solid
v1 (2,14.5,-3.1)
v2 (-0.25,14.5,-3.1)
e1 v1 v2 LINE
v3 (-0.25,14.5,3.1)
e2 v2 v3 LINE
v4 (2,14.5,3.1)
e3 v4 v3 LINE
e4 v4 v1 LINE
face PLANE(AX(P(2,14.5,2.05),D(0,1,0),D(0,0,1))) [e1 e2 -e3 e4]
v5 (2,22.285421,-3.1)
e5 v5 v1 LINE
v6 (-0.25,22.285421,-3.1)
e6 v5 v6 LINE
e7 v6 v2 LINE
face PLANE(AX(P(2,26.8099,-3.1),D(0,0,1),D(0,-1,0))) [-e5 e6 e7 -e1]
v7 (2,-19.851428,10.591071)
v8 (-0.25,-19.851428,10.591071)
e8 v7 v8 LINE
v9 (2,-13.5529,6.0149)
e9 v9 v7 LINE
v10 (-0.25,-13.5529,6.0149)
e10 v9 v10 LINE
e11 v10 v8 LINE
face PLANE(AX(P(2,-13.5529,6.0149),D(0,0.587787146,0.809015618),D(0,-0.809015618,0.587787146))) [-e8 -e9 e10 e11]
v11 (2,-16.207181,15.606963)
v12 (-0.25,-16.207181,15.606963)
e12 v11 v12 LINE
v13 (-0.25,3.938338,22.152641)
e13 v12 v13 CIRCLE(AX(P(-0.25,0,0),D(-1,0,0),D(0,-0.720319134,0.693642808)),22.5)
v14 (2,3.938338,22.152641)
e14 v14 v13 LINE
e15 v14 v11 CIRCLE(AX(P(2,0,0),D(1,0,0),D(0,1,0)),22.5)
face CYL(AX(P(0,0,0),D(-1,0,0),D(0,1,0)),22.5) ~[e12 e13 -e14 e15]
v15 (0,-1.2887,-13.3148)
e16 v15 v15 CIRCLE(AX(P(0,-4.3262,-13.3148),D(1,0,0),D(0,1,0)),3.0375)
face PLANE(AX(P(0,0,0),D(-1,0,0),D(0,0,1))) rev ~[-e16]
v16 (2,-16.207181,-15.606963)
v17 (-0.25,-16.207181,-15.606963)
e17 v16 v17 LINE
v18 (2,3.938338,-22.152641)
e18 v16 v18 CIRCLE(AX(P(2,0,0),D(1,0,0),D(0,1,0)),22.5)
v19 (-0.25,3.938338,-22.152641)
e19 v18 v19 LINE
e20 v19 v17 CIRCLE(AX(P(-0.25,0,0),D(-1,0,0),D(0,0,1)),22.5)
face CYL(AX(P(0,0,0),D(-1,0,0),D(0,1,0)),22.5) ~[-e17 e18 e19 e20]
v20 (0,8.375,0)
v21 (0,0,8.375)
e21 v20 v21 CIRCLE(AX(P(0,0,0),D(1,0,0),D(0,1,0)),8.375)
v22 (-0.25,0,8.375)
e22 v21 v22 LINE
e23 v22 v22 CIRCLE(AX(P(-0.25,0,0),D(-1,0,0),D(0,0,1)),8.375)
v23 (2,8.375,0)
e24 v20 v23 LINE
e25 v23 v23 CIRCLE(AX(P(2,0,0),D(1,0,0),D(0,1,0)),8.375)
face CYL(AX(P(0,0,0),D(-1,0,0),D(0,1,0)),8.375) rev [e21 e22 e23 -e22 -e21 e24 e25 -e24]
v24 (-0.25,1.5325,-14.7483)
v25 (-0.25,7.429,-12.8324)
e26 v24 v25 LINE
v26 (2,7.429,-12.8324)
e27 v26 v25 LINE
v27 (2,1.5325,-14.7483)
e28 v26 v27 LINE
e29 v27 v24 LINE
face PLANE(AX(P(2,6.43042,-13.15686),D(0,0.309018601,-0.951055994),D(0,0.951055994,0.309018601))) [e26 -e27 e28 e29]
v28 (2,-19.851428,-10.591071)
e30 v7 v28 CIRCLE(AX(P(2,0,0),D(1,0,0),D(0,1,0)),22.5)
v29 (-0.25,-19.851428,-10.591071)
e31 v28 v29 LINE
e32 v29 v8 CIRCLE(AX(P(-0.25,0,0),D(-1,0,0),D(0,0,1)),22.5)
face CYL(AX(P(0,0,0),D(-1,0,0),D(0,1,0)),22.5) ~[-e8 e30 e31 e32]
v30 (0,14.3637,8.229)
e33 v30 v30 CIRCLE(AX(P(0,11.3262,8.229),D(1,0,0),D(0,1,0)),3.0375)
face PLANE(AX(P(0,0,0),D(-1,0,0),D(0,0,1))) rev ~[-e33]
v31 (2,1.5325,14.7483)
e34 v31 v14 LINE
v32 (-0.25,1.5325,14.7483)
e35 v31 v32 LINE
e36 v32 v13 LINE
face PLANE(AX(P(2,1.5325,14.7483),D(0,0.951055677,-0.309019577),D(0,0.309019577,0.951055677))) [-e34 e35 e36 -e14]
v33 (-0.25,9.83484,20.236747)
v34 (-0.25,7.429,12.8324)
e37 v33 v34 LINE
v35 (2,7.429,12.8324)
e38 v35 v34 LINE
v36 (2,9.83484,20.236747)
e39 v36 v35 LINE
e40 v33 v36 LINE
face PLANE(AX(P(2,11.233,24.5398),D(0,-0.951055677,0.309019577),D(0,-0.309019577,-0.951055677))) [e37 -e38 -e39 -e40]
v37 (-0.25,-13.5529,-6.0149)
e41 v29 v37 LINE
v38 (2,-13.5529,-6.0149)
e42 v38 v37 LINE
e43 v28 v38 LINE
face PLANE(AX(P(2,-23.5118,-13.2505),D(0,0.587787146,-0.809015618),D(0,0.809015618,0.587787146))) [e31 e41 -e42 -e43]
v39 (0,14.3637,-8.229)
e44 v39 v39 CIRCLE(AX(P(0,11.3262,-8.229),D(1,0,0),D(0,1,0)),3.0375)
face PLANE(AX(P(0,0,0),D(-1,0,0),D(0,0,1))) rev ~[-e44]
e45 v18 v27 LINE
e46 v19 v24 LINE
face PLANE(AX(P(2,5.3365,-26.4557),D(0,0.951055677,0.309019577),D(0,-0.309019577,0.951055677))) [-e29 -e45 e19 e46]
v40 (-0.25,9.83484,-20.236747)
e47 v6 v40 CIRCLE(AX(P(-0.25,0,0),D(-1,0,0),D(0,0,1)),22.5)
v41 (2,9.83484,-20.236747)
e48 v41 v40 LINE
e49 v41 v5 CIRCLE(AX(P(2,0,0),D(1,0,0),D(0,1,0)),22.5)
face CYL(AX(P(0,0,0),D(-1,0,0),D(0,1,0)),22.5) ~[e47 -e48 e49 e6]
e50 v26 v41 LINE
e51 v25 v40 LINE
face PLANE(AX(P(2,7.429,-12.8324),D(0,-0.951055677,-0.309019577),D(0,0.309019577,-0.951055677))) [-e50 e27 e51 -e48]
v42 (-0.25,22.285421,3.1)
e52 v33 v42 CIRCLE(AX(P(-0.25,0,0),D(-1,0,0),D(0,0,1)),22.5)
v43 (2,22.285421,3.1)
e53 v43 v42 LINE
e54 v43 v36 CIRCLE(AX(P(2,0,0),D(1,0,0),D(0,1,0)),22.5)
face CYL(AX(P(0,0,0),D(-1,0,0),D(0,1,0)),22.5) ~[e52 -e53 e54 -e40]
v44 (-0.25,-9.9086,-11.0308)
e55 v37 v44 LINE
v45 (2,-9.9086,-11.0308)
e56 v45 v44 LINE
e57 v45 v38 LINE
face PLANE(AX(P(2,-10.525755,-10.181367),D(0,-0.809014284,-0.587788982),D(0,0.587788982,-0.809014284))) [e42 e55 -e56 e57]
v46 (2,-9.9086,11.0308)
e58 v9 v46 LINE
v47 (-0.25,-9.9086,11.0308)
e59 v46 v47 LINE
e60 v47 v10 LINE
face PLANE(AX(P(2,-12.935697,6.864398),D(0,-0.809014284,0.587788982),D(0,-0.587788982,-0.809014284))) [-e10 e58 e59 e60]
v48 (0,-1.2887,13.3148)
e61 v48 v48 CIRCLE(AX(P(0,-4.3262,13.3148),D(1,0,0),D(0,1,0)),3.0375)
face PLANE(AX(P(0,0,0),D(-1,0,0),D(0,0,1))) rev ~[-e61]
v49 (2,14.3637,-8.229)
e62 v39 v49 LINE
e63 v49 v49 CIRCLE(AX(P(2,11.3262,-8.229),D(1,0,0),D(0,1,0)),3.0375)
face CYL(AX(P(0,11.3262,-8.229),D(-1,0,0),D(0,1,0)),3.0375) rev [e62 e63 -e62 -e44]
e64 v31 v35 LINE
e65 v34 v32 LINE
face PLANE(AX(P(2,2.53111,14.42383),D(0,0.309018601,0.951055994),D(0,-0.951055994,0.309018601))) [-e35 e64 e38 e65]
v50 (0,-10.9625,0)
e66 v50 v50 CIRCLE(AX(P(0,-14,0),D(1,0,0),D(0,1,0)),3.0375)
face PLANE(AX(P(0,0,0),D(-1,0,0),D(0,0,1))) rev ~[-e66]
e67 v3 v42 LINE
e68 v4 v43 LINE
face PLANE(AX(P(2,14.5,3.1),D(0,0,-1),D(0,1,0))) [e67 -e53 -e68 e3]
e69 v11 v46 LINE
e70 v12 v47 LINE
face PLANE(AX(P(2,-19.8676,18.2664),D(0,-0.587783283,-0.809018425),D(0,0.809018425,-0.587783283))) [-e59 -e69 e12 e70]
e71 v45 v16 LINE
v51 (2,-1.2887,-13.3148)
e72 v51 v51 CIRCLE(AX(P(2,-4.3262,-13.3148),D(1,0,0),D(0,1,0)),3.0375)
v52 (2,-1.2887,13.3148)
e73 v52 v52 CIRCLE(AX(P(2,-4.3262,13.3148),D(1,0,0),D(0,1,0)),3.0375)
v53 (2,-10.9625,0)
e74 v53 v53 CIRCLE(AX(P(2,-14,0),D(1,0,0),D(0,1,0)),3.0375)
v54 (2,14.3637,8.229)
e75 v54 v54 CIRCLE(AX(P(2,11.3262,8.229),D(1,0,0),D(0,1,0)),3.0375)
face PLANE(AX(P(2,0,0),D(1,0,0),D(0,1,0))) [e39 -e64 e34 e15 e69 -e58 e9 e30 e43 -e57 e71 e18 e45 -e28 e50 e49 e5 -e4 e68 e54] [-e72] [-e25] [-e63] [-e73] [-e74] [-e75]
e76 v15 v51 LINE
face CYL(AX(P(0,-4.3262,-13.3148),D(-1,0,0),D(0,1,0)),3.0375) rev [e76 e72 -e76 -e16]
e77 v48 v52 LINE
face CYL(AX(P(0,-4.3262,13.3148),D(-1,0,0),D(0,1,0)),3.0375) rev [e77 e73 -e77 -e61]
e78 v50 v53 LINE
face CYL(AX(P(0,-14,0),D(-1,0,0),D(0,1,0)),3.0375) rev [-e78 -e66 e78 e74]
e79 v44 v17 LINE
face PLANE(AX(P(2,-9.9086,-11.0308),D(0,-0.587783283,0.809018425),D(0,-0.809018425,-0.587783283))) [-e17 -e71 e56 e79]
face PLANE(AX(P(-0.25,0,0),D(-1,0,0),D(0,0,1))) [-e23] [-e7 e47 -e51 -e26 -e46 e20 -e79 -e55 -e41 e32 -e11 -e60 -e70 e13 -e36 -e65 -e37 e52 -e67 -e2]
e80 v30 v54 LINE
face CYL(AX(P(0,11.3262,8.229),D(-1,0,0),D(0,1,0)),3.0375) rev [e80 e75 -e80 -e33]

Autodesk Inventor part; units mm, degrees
ref_plane "YZ Plane" through (0, 0, 0) normal (1, 0, 0) x (0, 1, 0)
ref_plane "XZ Plane" through (0, 0, 0) normal (0, 1, 0) x (-1, 0, 0)
ref_plane "XY Plane" through (0, 0, 0) normal (0, 0, 1) x (1, 0, 0)
sketch "Sketch1" plane through (0, 0, 0) normal (1, 0, 0) x (0, 1, 0)
  circle A0 centre (0, 0) radius 22.5
  circle A1 centre (0, 0) radius 8.375
  line L0 (8.375, 0) -> (22.5, 0) construction
  line L1 (22.1638, 3.875) -> (7.4246, 3.875) construction
  line L2 (7.4246, -3.875) -> (22.1638, -3.875) construction
  circle A2 centre (-14, 0) radius 3.0375
  circle A3 centre (-4.3262, -13.3148) radius 3.0375
  circle A4 centre (11.3262, -8.229) radius 3.0375
  circle A5 centre (11.3262, 8.229) radius 3.0375
  circle A6 centre (-4.3262, 13.3148) radius 3.0375
  dimension "d0" = 45
  dimension "d1" = 16.75
  dimension "d2" = 7.75
  dimension "d3" = 3.875
  dimension "d4" = 0
  dimension "d5" = 6.075
  dimension "d32" = 14
  dimension "d35" = 360
extrude "Extrusion1" add sketch "Sketch1" along normal blind 2
sketch "Sketch2" plane through (0, 0, 0) normal (-1, 0, 0) x (0, 0, 1)
  circle A0 centre (0, 0) radius 8.375 projected
  circle A1 centre (0, 0) radius 22.5 projected
extrude "Extrusion2" add sketch "Sketch2" along normal blind 0.25
sketch "Sketch3" plane through (2, 0, 0) normal (1, 0, 0) x (0, 0, -1)
  line L0 (-3.1, 26.8099) -> (3.1, 26.8099)
  line L1 (3.1, 26.8099) -> (3.1, 14.5)
  line L2 (3.1, 14.5) -> (-3.1, 14.5)
  line L3 (-3.1, 14.5) -> (-3.1, 26.8099)
  circle A0 centre (0, 0) radius 22.5 construction
  line L4 (-2.05, 26.8099) -> (2.05, 26.8099)
  line L5 (2.05, 26.8099) -> (2.05, 14.5)
  line L6 (2.05, 14.5) -> (-2.05, 14.5)
  line L7 (-2.05, 14.5) -> (-2.05, 26.8099)
  line L8 (-26.4557, 5.3365) -> (-24.5398, 11.233)
  line L9 (-24.5398, 11.233) -> (-12.8324, 7.429)
  line L10 (-12.8324, 7.429) -> (-14.7483, 1.5325)
  line L11 (-14.7483, 1.5325) -> (-26.4557, 5.3365)
  line L12 (-26.1313, 6.3351) -> (-24.8643, 10.2344)
  line L13 (-24.8643, 10.2344) -> (-13.1568, 6.4304)
  line L14 (-13.1568, 6.4304) -> (-14.4238, 2.5311)
  line L15 (-14.4238, 2.5311) -> (-26.1313, 6.3351)
  line L16 (-13.2505, -23.5118) -> (-18.2664, -19.8676)
  line L17 (-18.2664, -19.8676) -> (-11.0308, -9.9086)
  line L18 (-11.0308, -9.9086) -> (-6.0149, -13.5529)
  line L19 (-6.0149, -13.5529) -> (-13.2505, -23.5118)
  line L20 (-14.1, -22.8947) -> (-17.417, -20.4847)
  line L21 (-17.417, -20.4847) -> (-10.1814, -10.5258)
  line L22 (-10.1814, -10.5258) -> (-6.8644, -12.9357)
  line L23 (-6.8644, -12.9357) -> (-14.1, -22.8947)
  line L24 (18.2664, -19.8676) -> (13.2505, -23.5118)
  line L25 (13.2505, -23.5118) -> (6.0149, -13.5529)
  line L26 (6.0149, -13.5529) -> (11.0308, -9.9086)
  line L27 (11.0308, -9.9086) -> (18.2664, -19.8676)
  line L28 (17.417, -20.4847) -> (14.1, -22.8947)
  line L29 (14.1, -22.8947) -> (6.8644, -12.9357)
  line L30 (6.8644, -12.9357) -> (10.1814, -10.5258)
  line L31 (10.1814, -10.5258) -> (17.417, -20.4847)
  line L32 (24.5398, 11.233) -> (26.4557, 5.3365)
  line L33 (26.4557, 5.3365) -> (14.7483, 1.5325)
  line L34 (14.7483, 1.5325) -> (12.8324, 7.429)
  line L35 (12.8324, 7.429) -> (24.5398, 11.233)
  line L36 (24.8643, 10.2344) -> (26.1313, 6.3351)
  line L37 (26.1313, 6.3351) -> (14.4238, 2.5311)
  line L38 (14.4238, 2.5311) -> (13.1568, 6.4304)
  line L39 (13.1568, 6.4304) -> (24.8643, 10.2344)
  dimension "d15" = 6.2
  dimension "d16" = 3.1
  dimension "d17" = 8
  dimension "d22" = 0
  dimension "d23" = 0
  dimension "d24" = 1.05
  dimension "d25" = 1.05
  dimension "d28" = 360
extrude "Extrusion3" cut sketch "Sketch3" against normal up to surface (2.25 mm away)
equation "\"d3\" = 0.5 * d2"
equation "\"d16\" = 0.5 * d15"
equation "\"d25\" = d24"
properties part number "Magnetic Disk"
